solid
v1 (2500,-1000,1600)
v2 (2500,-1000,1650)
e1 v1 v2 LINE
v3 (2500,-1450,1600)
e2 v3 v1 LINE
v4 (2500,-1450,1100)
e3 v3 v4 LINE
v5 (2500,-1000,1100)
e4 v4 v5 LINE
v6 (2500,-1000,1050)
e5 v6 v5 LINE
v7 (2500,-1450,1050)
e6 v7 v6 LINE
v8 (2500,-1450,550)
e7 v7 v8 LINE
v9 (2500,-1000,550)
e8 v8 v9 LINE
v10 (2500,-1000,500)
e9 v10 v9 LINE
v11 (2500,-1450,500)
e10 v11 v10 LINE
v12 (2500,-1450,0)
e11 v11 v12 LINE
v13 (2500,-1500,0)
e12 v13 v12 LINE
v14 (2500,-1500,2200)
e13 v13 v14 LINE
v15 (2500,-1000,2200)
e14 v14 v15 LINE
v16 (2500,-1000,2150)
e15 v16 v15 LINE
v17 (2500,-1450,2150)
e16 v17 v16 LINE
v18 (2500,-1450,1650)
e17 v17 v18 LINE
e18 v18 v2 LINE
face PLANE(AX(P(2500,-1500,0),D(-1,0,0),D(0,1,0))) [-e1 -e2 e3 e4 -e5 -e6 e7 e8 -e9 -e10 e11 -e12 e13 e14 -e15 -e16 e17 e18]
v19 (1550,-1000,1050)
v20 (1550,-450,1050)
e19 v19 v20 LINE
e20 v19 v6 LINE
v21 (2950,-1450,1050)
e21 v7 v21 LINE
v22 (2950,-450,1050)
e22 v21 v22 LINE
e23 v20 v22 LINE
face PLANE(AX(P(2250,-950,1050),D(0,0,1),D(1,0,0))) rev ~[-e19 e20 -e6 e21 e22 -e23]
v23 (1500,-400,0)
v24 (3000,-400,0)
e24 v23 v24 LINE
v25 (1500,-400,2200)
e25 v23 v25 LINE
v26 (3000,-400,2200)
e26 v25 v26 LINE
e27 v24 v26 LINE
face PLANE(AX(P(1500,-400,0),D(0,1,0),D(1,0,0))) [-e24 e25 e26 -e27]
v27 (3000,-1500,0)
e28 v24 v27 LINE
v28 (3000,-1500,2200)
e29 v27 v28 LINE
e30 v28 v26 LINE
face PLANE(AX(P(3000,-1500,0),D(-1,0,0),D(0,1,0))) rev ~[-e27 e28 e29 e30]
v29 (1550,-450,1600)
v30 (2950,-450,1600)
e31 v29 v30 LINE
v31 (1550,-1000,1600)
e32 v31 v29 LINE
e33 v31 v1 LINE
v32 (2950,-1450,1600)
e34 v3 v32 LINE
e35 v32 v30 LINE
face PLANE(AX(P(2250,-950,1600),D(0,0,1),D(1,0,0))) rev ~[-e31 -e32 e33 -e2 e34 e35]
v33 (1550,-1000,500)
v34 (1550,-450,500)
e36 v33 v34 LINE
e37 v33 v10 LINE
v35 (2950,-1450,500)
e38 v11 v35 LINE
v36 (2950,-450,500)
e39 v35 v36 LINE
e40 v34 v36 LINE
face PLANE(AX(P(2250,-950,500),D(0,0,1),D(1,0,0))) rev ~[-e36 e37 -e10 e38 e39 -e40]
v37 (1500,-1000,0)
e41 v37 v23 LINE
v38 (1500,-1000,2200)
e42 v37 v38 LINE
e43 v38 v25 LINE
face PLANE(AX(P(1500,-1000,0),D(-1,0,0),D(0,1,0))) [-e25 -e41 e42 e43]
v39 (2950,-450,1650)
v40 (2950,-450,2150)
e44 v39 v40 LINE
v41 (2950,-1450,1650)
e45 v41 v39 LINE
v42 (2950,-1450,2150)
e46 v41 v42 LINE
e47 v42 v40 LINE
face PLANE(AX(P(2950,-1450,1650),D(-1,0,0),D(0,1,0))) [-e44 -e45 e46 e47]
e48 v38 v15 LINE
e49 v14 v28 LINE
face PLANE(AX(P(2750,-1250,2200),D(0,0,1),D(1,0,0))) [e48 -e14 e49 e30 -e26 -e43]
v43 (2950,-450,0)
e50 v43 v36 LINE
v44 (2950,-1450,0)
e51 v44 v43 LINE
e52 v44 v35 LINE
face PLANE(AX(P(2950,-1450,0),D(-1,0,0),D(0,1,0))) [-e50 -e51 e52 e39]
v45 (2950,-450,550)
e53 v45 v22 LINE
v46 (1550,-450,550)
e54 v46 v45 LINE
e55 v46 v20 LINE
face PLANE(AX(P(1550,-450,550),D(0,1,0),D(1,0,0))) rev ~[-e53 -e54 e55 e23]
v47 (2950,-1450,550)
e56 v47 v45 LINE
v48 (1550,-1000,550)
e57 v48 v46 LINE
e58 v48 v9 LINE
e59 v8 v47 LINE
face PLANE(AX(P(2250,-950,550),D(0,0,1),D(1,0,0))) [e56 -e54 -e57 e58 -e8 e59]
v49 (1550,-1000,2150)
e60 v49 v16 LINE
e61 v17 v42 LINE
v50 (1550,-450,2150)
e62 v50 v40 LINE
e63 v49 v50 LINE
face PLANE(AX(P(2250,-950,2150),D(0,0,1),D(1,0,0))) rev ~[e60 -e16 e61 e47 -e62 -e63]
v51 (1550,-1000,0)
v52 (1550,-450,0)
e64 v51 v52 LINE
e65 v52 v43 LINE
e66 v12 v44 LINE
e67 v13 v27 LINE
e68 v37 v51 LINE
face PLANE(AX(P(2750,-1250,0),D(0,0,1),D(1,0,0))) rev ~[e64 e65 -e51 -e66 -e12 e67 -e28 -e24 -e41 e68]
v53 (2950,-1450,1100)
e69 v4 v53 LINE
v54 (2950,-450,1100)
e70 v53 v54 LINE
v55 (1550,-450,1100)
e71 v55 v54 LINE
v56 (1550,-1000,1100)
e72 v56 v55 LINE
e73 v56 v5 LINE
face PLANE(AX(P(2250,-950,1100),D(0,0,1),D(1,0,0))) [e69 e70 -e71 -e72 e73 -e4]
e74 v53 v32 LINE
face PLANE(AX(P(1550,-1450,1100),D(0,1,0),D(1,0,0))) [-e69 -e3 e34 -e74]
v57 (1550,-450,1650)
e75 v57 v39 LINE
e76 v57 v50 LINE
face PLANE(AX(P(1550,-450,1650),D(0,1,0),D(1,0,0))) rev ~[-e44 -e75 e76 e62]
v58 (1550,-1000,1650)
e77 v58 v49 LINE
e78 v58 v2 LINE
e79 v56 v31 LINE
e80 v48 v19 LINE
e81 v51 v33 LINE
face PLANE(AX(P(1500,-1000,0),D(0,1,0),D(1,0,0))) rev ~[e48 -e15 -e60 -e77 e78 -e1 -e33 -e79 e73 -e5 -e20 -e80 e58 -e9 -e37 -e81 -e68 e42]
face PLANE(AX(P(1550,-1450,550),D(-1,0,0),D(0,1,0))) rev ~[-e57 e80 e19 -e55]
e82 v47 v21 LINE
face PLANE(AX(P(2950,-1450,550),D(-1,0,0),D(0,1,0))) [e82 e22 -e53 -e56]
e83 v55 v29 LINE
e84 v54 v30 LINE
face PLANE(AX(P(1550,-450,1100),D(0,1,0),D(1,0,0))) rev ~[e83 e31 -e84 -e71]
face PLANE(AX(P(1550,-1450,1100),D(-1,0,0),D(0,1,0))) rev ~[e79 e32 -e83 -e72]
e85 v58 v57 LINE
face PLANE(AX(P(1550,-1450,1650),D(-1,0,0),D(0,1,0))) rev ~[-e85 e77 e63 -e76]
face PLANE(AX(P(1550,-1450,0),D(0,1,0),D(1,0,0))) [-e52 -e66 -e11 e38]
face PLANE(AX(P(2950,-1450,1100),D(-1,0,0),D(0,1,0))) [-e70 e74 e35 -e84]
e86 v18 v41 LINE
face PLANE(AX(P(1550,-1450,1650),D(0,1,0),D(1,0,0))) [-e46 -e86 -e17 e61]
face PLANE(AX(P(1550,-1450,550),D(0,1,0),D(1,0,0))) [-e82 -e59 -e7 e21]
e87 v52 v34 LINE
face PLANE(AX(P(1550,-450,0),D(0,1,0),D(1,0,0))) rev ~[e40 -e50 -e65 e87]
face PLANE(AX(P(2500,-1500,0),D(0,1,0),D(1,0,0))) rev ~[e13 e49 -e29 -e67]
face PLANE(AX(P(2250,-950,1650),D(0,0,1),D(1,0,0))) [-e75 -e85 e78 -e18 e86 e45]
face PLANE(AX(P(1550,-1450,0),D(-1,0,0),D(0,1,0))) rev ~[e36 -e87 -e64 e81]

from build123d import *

# Parameters (mm, degrees)
BOX3519_W        = 1400
BOX3519_H        = 1000
BOX3519_DEPTH    = 500
ARRAY278_Z_COUNT = 4
ARRAY278_Z_PITCH = 550
BOX3518_W        = 500
BOX3518_H        = 500
BOX3518_DEPTH    = 2200
BOX3116_W        = 1500
BOX3116_H        = 600
BOX3116_DEPTH    = 2200


with BuildPart() as array278:
    # Box3519 → Box3519 (new body)
    with BuildSketch(Plane(origin=(1550, -1450, 0), x_dir=(1, 0, 0), z_dir=(0, 0, 1))):
        with Locations((700, 500)):
            Rectangle(BOX3519_W, BOX3519_H)
    extrude(amount=BOX3519_DEPTH)

    # Array278 Z: Array278 ×4


with BuildPart() as array278_1:
    add(array278.part)
    with Locations(*[(0, 0, i * ARRAY278_Z_PITCH) for i in range(1, ARRAY278_Z_COUNT)]):
        add(array278.part)


with BuildPart() as box3518:
    # Box3518 → Box3518 (new body)
    with BuildSketch(Plane(origin=(2500, -1500, 0), x_dir=(1, 0, 0), z_dir=(0, 0, 1))):
        with Locations((250, 250)):
            Rectangle(BOX3518_W, BOX3518_H)
    extrude(amount=BOX3518_DEPTH)


with BuildPart() as cut:
    # Box3116 → Box3116 (new body)
    with BuildSketch(Plane(origin=(1500, -1000, 0), x_dir=(1, 0, 0), z_dir=(0, 0, 1))):
        with Locations((750, 300)):
            Rectangle(BOX3116_W, BOX3116_H)
    extrude(amount=BOX3116_DEPTH)

    # Fusion: union Box3518
    add(box3518.part)

    # Cut: cut Array278
    add(array278_1.part, mode=Mode.SUBTRACT)


solid = cut.part
